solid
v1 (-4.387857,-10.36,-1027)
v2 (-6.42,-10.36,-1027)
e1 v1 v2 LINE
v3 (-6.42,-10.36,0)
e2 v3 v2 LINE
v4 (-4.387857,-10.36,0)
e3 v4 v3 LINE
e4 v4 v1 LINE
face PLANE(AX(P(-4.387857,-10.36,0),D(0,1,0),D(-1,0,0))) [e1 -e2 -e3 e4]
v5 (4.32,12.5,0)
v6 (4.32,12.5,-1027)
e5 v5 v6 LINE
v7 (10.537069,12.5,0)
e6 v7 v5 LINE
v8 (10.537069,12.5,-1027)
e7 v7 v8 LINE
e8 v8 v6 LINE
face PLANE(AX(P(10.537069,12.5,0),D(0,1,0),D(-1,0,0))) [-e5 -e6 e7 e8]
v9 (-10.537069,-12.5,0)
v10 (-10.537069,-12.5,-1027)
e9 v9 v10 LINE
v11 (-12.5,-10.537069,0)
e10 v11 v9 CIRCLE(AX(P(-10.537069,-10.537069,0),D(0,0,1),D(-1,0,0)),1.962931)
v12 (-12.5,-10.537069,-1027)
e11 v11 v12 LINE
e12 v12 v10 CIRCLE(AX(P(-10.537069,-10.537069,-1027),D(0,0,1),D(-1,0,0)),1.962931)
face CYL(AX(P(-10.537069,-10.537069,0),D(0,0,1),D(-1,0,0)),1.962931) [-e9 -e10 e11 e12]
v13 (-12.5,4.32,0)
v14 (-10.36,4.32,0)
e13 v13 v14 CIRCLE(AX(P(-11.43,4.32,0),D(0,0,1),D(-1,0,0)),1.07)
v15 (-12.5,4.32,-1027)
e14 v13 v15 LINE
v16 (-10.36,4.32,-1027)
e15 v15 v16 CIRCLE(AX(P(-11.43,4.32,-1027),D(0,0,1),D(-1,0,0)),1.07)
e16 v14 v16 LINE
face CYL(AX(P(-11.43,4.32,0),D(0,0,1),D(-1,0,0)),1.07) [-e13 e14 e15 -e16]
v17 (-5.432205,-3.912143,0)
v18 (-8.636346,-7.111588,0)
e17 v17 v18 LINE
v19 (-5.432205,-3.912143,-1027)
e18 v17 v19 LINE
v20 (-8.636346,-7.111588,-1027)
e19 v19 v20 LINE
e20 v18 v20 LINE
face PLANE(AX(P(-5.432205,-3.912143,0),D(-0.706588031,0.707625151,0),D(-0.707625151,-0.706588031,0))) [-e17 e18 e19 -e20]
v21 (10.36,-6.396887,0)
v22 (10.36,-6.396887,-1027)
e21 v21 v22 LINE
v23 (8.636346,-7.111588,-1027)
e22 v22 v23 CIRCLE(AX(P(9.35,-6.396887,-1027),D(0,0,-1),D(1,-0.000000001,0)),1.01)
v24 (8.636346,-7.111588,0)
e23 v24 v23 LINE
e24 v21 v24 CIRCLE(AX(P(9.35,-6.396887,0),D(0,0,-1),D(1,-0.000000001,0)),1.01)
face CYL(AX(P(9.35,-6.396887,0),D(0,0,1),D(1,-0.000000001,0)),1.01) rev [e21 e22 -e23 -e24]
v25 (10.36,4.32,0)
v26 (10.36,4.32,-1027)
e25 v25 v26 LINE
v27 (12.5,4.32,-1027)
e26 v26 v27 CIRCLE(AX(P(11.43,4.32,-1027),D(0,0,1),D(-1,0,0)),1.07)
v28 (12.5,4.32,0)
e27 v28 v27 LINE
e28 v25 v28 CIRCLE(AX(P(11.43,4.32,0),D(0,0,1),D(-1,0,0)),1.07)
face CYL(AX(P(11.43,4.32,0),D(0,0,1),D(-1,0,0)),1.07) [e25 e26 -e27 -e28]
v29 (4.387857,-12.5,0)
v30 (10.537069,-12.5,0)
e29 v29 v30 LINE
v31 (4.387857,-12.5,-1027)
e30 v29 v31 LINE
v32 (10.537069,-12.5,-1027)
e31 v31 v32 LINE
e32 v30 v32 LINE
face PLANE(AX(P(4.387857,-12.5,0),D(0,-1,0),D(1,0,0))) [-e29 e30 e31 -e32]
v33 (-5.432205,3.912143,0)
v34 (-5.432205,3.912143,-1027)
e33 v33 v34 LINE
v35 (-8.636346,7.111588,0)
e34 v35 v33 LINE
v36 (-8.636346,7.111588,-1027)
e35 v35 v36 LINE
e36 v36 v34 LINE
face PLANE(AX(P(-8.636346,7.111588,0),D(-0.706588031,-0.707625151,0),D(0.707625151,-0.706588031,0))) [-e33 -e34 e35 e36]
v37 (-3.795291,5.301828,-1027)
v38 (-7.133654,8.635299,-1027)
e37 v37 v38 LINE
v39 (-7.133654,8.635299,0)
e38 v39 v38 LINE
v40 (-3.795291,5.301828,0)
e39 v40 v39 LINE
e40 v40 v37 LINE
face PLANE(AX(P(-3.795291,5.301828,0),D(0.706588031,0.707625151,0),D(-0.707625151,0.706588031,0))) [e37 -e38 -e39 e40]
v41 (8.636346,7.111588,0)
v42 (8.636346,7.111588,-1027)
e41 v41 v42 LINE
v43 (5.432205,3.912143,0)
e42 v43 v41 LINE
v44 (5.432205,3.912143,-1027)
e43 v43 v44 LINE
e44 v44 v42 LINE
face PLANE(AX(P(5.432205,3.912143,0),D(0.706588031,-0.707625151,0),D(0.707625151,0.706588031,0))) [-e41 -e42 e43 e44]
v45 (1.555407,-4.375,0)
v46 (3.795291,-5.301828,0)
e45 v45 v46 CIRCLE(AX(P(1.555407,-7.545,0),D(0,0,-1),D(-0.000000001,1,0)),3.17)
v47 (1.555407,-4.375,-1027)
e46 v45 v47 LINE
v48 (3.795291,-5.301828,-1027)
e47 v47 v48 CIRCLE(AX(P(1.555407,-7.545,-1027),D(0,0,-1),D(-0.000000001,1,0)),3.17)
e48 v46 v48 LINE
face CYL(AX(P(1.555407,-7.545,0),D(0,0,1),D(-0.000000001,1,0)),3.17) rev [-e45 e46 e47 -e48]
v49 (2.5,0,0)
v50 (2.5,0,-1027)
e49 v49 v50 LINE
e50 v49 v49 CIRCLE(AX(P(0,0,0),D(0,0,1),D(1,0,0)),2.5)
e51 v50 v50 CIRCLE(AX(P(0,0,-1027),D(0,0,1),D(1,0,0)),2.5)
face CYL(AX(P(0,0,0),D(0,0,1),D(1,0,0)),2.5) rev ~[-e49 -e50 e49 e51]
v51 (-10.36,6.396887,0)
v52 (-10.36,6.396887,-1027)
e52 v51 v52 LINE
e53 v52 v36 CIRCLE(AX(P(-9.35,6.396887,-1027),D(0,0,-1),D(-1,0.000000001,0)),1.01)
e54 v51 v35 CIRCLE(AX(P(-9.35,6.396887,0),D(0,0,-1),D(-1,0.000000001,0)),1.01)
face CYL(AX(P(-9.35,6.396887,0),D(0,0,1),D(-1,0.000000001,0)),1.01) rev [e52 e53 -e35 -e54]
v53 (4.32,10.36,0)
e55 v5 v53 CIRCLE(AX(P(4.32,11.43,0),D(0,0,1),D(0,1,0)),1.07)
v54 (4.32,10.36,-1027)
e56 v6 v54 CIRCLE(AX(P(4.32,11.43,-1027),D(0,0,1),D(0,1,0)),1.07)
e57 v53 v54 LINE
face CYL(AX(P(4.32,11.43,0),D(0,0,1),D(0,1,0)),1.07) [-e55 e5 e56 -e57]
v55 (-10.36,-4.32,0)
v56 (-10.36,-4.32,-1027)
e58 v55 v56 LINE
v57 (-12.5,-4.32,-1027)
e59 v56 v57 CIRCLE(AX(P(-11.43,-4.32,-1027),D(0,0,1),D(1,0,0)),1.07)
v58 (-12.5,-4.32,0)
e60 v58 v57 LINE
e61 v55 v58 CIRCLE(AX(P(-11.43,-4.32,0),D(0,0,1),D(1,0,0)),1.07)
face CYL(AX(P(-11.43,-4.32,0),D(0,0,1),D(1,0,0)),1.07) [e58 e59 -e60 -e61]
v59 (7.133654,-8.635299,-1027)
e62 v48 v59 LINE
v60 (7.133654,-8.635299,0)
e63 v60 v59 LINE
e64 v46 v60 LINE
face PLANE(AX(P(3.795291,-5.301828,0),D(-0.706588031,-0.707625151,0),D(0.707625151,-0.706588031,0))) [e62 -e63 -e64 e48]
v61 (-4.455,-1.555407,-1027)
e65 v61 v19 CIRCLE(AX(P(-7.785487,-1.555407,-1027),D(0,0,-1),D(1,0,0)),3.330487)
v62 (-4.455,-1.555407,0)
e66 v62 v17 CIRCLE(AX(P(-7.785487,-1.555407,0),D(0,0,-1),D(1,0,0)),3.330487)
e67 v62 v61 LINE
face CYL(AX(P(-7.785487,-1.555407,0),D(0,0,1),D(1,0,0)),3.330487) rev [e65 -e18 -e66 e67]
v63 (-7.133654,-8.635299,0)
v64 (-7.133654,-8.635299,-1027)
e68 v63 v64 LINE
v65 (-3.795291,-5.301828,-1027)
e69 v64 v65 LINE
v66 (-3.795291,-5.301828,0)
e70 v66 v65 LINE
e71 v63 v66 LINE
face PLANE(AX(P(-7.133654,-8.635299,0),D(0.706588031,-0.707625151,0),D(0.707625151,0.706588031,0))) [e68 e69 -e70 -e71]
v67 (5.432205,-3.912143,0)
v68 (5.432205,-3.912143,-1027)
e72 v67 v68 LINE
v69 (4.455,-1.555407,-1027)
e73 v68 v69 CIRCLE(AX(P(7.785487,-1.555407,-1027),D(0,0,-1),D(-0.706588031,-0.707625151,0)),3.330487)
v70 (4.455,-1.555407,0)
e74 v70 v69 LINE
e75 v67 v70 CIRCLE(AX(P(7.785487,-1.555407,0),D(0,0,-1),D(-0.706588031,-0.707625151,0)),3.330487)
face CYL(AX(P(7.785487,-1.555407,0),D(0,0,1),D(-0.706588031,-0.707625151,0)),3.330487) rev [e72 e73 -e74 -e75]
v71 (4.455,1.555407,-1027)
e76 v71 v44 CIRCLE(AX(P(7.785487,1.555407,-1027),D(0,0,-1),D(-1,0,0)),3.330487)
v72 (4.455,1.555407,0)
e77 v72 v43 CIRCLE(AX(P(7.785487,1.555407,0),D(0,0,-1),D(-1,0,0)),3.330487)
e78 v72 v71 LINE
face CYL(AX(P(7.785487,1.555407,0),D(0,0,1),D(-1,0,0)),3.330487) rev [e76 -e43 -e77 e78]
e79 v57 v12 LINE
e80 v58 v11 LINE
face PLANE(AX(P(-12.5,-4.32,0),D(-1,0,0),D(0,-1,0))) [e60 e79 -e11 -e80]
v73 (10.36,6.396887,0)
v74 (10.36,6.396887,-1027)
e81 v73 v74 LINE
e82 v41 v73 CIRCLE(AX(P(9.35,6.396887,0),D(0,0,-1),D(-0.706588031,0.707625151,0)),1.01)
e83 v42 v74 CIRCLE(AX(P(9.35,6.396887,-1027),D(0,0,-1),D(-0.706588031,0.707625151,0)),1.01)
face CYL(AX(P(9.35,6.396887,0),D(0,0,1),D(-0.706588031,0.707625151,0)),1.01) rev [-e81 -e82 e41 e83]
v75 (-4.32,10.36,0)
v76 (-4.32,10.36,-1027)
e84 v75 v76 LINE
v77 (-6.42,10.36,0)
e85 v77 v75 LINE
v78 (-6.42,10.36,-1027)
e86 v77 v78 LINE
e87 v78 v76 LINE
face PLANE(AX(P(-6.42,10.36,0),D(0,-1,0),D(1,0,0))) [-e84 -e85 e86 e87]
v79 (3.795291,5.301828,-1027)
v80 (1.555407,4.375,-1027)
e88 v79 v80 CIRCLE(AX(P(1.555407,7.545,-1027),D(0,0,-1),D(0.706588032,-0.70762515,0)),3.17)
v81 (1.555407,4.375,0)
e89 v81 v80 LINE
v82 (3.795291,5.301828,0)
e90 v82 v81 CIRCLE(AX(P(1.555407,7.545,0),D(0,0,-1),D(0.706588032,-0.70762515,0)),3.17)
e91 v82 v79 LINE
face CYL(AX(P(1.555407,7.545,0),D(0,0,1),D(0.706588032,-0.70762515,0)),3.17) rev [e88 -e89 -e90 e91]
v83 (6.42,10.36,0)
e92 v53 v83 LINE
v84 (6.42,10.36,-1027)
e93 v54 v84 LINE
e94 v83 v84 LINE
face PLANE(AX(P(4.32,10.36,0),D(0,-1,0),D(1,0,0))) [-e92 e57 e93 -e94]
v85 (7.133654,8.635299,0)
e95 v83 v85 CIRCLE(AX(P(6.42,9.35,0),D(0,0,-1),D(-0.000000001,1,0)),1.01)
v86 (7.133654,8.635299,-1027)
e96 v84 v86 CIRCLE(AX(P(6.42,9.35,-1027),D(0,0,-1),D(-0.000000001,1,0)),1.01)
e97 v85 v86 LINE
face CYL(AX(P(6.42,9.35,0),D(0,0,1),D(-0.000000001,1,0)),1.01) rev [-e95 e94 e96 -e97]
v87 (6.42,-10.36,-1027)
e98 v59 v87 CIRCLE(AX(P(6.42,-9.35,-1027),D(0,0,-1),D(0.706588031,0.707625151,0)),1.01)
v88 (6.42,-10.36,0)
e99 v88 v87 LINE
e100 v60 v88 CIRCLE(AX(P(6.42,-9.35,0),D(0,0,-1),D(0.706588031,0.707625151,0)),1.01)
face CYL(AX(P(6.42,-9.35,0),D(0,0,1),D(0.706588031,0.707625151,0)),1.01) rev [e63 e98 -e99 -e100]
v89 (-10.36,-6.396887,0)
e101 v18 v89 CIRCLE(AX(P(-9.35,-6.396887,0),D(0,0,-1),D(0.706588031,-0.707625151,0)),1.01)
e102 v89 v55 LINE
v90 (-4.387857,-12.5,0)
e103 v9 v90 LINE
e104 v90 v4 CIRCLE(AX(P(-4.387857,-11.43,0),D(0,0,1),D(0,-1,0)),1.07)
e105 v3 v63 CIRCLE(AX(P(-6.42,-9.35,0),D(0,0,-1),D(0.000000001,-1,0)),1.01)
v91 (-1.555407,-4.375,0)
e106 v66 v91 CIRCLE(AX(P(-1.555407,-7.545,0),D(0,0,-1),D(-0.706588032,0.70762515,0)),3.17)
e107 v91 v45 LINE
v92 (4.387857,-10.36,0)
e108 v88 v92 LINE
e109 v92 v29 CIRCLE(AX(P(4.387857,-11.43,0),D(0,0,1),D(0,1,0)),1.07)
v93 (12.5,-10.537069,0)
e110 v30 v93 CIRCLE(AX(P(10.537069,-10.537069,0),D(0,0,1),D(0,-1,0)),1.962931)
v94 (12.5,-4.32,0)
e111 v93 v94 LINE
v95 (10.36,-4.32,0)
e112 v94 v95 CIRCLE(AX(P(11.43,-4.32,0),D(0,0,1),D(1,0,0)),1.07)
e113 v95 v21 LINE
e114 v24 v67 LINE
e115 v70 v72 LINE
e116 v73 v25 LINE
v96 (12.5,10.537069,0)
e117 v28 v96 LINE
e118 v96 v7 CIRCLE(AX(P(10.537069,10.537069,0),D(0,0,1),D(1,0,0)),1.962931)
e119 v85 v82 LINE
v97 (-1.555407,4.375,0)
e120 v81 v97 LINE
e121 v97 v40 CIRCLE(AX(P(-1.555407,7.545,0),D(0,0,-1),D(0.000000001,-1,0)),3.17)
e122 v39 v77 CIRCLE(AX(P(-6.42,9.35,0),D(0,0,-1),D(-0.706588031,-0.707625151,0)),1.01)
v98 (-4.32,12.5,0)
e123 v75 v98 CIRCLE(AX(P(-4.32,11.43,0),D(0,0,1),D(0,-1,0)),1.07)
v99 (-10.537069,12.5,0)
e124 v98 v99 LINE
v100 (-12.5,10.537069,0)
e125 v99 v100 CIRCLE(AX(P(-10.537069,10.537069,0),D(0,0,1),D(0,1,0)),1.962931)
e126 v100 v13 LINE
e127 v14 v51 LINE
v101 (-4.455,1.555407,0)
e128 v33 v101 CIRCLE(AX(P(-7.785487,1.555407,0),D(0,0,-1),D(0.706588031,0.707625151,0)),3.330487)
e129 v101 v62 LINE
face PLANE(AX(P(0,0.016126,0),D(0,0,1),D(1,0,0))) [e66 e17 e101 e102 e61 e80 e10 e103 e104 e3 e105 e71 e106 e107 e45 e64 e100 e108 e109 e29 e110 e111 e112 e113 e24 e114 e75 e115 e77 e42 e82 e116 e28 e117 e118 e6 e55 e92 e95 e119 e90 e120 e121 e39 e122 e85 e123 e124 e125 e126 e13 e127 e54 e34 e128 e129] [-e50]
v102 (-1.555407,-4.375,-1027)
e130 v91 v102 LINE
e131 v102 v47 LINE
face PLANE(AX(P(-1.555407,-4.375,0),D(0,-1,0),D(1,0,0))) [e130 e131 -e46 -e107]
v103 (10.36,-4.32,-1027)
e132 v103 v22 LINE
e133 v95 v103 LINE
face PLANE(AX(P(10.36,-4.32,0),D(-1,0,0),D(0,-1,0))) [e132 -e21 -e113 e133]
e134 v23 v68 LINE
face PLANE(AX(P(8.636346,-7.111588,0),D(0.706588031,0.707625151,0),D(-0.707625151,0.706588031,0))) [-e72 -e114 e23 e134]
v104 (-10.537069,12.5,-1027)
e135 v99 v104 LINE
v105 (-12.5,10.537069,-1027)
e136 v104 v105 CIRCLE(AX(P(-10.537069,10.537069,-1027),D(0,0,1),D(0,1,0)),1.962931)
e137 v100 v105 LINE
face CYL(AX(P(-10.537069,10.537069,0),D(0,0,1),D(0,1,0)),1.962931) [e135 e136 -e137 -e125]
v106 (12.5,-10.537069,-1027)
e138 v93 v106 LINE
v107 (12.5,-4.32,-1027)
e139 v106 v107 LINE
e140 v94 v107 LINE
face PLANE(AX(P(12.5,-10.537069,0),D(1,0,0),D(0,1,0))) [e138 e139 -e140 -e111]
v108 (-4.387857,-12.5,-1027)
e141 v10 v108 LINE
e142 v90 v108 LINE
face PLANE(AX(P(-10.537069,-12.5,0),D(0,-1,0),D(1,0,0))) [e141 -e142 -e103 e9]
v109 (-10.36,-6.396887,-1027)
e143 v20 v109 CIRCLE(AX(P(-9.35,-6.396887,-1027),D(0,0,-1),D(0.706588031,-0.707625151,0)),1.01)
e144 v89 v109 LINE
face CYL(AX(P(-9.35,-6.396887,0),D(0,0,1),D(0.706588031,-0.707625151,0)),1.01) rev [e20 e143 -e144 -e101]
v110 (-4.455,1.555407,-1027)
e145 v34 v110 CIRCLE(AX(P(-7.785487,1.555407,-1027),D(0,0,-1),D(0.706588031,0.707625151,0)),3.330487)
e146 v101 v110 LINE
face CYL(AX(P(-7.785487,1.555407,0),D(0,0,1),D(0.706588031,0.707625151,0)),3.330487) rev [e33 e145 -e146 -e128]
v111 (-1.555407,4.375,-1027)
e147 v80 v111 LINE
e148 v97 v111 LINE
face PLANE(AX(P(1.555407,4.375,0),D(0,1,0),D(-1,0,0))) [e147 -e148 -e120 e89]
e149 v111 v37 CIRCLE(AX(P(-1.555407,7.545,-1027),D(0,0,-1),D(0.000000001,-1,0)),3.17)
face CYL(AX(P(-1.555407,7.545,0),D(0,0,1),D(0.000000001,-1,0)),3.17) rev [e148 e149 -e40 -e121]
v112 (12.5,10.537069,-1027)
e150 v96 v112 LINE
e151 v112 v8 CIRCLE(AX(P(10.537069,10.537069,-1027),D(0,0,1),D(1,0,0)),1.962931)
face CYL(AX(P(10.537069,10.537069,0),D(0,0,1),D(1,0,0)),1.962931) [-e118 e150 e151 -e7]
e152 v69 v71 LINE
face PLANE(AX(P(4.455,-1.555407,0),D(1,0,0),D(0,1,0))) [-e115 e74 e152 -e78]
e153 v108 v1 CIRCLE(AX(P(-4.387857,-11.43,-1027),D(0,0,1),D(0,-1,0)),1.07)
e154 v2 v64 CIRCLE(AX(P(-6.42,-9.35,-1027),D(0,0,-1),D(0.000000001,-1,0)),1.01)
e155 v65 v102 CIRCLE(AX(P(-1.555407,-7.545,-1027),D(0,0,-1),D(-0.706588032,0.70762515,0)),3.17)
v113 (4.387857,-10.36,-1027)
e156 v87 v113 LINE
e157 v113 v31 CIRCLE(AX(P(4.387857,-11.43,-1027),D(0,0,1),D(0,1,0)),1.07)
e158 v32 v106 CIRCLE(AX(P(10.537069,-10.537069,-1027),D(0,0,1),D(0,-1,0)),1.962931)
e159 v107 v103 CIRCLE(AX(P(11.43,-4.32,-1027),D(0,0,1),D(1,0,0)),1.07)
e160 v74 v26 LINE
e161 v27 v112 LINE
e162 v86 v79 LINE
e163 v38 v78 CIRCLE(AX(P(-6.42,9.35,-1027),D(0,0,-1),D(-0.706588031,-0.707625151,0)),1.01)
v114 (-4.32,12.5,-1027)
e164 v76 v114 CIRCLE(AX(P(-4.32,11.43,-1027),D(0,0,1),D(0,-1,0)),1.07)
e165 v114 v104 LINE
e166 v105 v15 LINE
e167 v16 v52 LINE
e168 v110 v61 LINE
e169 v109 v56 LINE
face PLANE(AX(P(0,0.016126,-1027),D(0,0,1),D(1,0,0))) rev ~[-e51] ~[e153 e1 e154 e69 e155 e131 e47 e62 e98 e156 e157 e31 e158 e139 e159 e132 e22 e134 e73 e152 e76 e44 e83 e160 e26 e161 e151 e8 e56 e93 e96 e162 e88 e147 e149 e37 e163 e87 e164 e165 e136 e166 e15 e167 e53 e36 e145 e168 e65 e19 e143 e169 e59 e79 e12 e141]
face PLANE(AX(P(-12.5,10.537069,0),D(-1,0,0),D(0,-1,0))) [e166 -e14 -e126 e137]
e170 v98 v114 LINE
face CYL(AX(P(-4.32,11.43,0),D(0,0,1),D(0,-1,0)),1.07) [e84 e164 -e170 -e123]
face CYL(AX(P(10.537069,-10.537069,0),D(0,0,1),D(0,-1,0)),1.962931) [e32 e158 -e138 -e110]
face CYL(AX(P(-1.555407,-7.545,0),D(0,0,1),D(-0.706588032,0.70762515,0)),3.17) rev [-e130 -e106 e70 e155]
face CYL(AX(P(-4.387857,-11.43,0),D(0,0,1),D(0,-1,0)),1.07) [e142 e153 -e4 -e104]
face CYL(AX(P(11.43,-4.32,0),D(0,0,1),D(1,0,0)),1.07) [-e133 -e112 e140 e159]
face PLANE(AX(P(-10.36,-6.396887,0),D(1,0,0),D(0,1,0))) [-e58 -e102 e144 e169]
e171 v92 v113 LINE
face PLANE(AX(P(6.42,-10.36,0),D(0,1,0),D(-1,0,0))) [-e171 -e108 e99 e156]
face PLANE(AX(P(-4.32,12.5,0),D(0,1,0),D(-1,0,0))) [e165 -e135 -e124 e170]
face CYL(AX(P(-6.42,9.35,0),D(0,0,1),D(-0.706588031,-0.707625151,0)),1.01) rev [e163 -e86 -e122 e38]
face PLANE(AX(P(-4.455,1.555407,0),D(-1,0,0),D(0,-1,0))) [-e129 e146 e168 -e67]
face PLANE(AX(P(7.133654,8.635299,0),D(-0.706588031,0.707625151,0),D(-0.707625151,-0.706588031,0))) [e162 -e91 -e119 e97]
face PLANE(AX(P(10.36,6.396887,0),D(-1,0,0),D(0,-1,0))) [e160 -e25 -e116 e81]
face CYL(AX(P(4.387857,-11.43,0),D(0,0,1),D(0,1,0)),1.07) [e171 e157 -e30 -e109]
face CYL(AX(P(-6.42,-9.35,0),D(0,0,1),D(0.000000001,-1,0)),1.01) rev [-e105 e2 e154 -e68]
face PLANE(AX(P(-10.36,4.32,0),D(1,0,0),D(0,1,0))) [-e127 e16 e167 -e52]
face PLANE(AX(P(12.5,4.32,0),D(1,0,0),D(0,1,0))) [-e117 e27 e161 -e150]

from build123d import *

# Parameters (mm, degrees)
SKETCH1_R      = 2.5
EXTRUDE1_DEPTH = 1027


with BuildPart() as part:
    # Sketch1 → Extrude1 (new body)
    with BuildSketch(Plane.XY):
        with BuildLine():
            Line((-8.636346088, 7.111588351), (-5.432204773, 3.912143135))
            ThreePointArc((-5.432204773, 3.912143135), (-4.708985779, 2.831057106), (-4.455, 1.555406707))
            Line((-4.455, 1.555406707), (-4.455, -1.555406707))
            ThreePointArc((-4.455, -1.555406707), (-4.708985779, -2.831057106), (-5.432204773, -3.912143135))
            Line((-5.432204773, -3.912143135), (-8.636346088, -7.111588351))
            ThreePointArc((-8.636346088, -7.111588351), (-9.736852394, -7.329863489), (-10.36, -6.396886949))
            Line((-10.36, -6.396886949), (-10.36, -4.32))
            ThreePointArc((-10.36, -4.32), (-11.43, -3.25), (-12.5, -4.32))
            Line((-12.5, -4.32), (-12.5, -8.651801989))
            Line((-12.5, -8.651801989), (-12.5, -10.537068835))
            ThreePointArc((-12.5, -10.537068835), (-11.925070773, -11.925070773), (-10.537068835, -12.5))
            Line((-10.537068835, -12.5), (-8.441567612, -12.5))
            Line((-8.441567612, -12.5), (-4.387856959, -12.5))
            ThreePointArc((-4.387856959, -12.5), (-3.317856959, -11.43), (-4.387856959, -10.36))
            Line((-4.387856959, -10.36), (-6.42, -10.36))
            ThreePointArc((-6.42, -10.36), (-7.35325999, -9.736168088), (-7.133653912, -8.635298598))
            Line((-7.133653912, -8.635298598), (-3.795290766, -5.301828272))
            ThreePointArc((-3.795290766, -5.301828272), (-2.76743922, -4.61585726), (-1.555406707, -4.375))
            Line((-1.555406707, -4.375), (1.555406707, -4.375))
            ThreePointArc((1.555406707, -4.375), (2.76743922, -4.61585726), (3.795290766, -5.301828272))
            Line((3.795290766, -5.301828272), (7.133653912, -8.635298598))
            ThreePointArc((7.133653912, -8.635298598), (7.35325999, -9.736168088), (6.42, -10.36))
            Line((6.42, -10.36), (4.387856959, -10.36))
            ThreePointArc((4.387856959, -10.36), (3.317856959, -11.43), (4.387856959, -12.5))
            Line((4.387856959, -12.5), (8.441567612, -12.5))
            Line((8.441567612, -12.5), (10.537068835, -12.5))
            ThreePointArc((10.537068835, -12.5), (11.925070773, -11.925070773), (12.5, -10.537068835))
            Line((12.5, -10.537068835), (12.5, -8.651801989))
            Line((12.5, -8.651801989), (12.5, -4.32))
            ThreePointArc((12.5, -4.32), (11.43, -3.25), (10.36, -4.32))
            Line((10.36, -4.32), (10.36, -6.396886949))
            ThreePointArc((10.36, -6.396886949), (9.736852394, -7.329863489), (8.636346088, -7.111588351))
            Line((8.636346088, -7.111588351), (5.432204773, -3.912143135))
            ThreePointArc((5.432204773, -3.912143135), (4.708985779, -2.831057106), (4.455, -1.555406707))
            Line((4.455, -1.555406707), (4.455, 1.555406707))
            ThreePointArc((4.455, 1.555406707), (4.708985779, 2.831057106), (5.432204773, 3.912143135))
            Line((5.432204773, 3.912143135), (8.636346088, 7.111588351))
            ThreePointArc((8.636346088, 7.111588351), (9.736852394, 7.329863489), (10.36, 6.396886949))
            Line((10.36, 6.396886949), (10.36, 4.32))
            ThreePointArc((10.36, 4.32), (11.43, 3.25), (12.5, 4.32))
            Line((12.5, 4.32), (12.5, 7.99129648))
            Line((12.5, 7.99129648), (12.5, 10.537068835))
            ThreePointArc((12.5, 10.537068835), (11.925070773, 11.925070773), (10.537068835, 12.5))
            Line((10.537068835, 12.5), (4.32, 12.5))
            ThreePointArc((4.32, 12.5), (3.25, 11.43), (4.32, 10.36))
            Line((4.32, 10.36), (6.42, 10.36))
            ThreePointArc((6.42, 10.36), (7.35325999, 9.736168088), (7.133653912, 8.635298598))
            Line((7.133653912, 8.635298598), (3.795290766, 5.301828272))
            ThreePointArc((3.795290766, 5.301828272), (2.76743922, 4.61585726), (1.555406707, 4.375))
            Line((1.555406707, 4.375), (-1.555406707, 4.375))
            ThreePointArc((-1.555406707, 4.375), (-2.76743922, 4.61585726), (-3.795290766, 5.301828272))
            Line((-3.795290766, 5.301828272), (-7.133653912, 8.635298598))
            ThreePointArc((-7.133653912, 8.635298598), (-7.35325999, 9.736168088), (-6.42, 10.36))
            Line((-6.42, 10.36), (-4.32, 10.36))
            ThreePointArc((-4.32, 10.36), (-3.25, 11.43), (-4.32, 12.5))
            Line((-4.32, 12.5), (-10.537068835, 12.5))
            ThreePointArc((-10.537068835, 12.5), (-11.925070773, 11.925070773), (-12.5, 10.537068835))
            Line((-12.5, 10.537068835), (-12.5, 7.99129648))
            Line((-12.5, 7.99129648), (-12.5, 4.32))
            ThreePointArc((-12.5, 4.32), (-11.43, 3.25), (-10.36, 4.32))
            Line((-10.36, 4.32), (-10.36, 6.396886949))
            ThreePointArc((-10.36, 6.396886949), (-9.736852394, 7.329863489), (-8.636346088, 7.111588351))
        make_face()
        Circle(SKETCH1_R, mode=Mode.SUBTRACT)
    extrude(amount=-EXTRUDE1_DEPTH)


solid = part.part
